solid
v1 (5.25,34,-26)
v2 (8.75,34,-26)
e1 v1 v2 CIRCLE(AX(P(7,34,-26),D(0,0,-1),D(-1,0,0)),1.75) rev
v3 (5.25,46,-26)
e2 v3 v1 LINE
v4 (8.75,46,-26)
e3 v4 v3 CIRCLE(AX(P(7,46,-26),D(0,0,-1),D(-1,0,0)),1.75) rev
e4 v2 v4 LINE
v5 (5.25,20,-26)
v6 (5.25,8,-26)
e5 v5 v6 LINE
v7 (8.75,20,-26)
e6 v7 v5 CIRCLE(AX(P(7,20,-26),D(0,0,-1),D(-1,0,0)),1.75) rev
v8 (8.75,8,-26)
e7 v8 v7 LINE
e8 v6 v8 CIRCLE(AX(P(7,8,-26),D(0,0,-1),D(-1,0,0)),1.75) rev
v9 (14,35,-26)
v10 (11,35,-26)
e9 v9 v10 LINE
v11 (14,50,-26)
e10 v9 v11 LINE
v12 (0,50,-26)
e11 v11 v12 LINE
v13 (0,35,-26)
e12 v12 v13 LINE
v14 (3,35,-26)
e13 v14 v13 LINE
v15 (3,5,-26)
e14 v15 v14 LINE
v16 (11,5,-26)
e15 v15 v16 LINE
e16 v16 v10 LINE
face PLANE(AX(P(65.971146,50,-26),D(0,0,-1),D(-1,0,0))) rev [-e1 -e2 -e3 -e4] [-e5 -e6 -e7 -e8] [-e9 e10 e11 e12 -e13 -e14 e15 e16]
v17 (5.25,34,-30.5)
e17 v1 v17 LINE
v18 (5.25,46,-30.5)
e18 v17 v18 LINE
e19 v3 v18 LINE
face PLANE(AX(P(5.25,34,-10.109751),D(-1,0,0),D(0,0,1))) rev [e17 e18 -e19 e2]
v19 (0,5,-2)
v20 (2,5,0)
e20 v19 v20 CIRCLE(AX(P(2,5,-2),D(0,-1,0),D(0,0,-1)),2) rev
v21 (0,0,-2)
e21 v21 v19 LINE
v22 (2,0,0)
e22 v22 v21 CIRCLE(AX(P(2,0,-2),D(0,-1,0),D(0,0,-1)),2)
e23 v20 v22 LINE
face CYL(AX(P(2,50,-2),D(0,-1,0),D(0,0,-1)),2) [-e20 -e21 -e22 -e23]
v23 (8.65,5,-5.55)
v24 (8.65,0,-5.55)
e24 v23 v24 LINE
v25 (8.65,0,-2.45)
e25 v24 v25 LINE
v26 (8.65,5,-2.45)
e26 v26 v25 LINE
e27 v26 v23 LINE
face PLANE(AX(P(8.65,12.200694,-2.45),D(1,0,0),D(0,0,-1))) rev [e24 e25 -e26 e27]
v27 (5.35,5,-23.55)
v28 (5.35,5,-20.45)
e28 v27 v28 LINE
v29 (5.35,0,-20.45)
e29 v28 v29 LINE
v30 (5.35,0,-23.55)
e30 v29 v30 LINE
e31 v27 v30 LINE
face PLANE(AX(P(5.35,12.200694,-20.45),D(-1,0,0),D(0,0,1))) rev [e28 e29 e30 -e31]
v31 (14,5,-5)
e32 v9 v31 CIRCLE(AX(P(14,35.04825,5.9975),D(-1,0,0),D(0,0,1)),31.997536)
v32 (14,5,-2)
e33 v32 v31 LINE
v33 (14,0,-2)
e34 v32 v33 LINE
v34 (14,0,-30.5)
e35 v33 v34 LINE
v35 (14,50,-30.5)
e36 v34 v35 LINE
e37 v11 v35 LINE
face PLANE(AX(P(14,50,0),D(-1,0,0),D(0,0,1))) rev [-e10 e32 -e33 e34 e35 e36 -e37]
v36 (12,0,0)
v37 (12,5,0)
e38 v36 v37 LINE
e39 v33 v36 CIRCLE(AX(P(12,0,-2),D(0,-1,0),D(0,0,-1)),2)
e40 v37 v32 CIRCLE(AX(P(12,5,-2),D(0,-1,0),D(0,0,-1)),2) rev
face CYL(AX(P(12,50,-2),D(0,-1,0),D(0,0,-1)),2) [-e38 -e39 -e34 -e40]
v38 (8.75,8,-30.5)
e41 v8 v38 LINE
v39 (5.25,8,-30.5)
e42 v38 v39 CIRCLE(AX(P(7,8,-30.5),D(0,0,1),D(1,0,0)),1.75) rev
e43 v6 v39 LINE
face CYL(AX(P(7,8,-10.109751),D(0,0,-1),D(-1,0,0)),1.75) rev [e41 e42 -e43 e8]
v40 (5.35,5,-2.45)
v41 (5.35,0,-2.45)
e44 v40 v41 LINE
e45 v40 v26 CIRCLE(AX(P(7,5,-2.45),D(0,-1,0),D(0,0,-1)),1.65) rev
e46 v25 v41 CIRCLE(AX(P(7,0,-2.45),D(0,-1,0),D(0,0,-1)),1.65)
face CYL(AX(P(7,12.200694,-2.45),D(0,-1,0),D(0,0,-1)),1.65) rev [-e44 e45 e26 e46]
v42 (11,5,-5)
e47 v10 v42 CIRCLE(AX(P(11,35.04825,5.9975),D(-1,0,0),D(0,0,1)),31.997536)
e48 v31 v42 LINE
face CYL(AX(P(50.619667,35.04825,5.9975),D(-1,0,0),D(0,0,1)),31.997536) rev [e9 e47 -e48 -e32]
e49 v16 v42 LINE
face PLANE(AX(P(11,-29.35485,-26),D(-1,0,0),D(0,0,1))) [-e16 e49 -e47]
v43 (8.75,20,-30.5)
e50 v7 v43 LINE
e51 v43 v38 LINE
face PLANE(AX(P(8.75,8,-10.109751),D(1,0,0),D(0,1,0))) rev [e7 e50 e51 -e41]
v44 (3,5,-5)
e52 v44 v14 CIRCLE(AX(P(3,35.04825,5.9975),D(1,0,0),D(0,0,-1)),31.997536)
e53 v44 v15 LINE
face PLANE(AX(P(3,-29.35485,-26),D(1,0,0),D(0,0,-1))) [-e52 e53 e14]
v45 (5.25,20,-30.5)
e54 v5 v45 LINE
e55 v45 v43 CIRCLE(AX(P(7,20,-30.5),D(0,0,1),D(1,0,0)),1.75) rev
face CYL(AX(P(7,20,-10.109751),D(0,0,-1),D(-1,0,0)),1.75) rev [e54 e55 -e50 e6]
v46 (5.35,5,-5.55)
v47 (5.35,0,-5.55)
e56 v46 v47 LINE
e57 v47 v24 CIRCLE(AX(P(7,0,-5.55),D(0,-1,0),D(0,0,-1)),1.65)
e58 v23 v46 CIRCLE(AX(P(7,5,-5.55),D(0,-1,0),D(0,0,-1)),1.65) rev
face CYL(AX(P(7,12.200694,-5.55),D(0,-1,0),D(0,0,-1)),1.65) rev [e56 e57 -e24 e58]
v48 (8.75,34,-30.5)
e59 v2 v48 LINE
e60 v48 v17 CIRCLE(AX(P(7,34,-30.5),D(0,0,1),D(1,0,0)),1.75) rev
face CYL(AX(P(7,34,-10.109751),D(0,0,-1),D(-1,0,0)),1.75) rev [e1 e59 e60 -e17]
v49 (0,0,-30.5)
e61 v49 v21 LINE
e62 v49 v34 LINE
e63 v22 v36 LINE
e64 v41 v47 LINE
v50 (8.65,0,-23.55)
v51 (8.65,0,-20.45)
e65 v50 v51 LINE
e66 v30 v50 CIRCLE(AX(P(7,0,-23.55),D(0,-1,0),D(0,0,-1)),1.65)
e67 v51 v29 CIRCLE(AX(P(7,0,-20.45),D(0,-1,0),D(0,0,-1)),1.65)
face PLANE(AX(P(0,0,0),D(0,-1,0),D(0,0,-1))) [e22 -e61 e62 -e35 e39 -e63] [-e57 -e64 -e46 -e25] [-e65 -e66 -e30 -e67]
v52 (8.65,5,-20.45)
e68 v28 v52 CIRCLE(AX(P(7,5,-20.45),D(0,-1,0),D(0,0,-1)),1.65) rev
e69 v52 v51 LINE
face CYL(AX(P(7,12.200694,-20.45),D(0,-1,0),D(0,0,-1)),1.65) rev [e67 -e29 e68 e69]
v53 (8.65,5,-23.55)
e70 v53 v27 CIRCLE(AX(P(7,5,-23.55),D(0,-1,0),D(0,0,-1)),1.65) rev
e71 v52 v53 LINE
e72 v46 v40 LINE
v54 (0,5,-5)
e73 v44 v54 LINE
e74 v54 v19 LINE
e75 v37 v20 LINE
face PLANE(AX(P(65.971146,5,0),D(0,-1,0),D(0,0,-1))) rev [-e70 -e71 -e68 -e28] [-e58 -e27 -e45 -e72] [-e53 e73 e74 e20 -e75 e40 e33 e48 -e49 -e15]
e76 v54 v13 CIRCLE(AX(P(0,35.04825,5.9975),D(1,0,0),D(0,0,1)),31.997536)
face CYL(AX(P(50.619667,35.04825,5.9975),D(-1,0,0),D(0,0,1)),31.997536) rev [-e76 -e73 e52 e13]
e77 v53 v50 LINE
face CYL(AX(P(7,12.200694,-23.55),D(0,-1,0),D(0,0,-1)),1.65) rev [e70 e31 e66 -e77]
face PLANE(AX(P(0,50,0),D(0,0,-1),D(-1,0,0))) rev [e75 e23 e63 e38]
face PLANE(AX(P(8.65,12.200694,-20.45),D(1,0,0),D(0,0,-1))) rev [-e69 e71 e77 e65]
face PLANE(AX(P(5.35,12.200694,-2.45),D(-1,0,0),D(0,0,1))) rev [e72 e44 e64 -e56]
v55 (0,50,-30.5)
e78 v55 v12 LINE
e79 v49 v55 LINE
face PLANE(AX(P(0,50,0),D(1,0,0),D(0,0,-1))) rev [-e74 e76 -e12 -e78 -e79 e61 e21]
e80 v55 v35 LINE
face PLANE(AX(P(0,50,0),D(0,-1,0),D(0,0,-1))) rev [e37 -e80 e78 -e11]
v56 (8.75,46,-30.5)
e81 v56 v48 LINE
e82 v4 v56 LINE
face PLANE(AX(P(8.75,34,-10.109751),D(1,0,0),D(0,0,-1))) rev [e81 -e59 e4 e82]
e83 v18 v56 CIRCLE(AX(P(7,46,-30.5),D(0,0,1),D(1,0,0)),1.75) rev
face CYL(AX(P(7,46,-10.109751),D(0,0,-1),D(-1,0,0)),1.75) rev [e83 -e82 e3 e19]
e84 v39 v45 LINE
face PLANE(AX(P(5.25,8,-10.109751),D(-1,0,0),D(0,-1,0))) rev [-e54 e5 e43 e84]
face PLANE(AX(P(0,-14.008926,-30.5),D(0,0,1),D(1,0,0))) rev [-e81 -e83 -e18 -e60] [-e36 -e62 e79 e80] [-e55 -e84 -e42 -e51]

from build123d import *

# Parameters (mm, degrees)
CROQUIS2_W              = 14
CROQUIS2_H              = 31
CROQUIS2_R              = 1.55
SALIENTE_EXTRUIR1_DEPTH = 50
CROQUIS3_W              = 26
CROQUIS3_H              = 45
CORTAR_EXTRUIR1_DEPTH   = 14
CORTAR_EXTRUIR2_DEPTH   = 5
SALIENTE_EXTRUIR3_DEPTH = 14
CROQUIS7_OUTSIDE_W      = 28.094
CROQUIS7_OUTSIDE_H      = 45.094
CORTAR_EXTRUIR5_DEPTH   = 45
REDONDEO1_R             = 2
CROQUIS8_W              = 14
CROQUIS8_H              = 0.5
CORTAR_EXTRUIR6_DEPTH   = 50
CORTAR_EXTRUIR7_DEPTH   = 5


with BuildPart() as part:
    # Croquis2 → Saliente-Extruir1 (new body)
    with BuildSketch(Plane(origin=(0, 0, 0), x_dir=(1, 0, 0), z_dir=(0, 1, 0))):
        with Locations((7, 15.5)):
            Rectangle(CROQUIS2_W, CROQUIS2_H)
        with Locations((7, 22)):
            Circle(CROQUIS2_R, mode=Mode.SUBTRACT)
        with Locations((7, 4)):
            Circle(CROQUIS2_R, mode=Mode.SUBTRACT)
    extrude(amount=SALIENTE_EXTRUIR1_DEPTH)

    # Croquis3 → Cortar-Extruir1 (cut)
    with BuildSketch(Plane.ZY):
        with Locations((-13, 27.5)):
            Rectangle(CROQUIS3_W, CROQUIS3_H)
    extrude(amount=-CORTAR_EXTRUIR1_DEPTH, mode=Mode.SUBTRACT)

    # Croquis4 → Cortar-Extruir2 (cut)
    with BuildSketch(Plane(origin=(0, 0, -31), x_dir=(-1, 0, 0), z_dir=(0, 0, -1))):
        with BuildLine():
            Line((-8.75, 8), (-8.75, 20))
            ThreePointArc((-8.75, 20), (-7, 21.75), (-5.25, 20))
            Line((-5.25, 20), (-5.25, 8))
            ThreePointArc((-5.25, 8), (-7, 6.25), (-8.75, 8))
        make_face()
        with BuildLine():
            Line((-8.75, 34), (-8.75, 46))
            ThreePointArc((-8.75, 46), (-7, 47.75), (-5.25, 46))
            Line((-5.25, 46), (-5.25, 34))
            ThreePointArc((-5.25, 34), (-7, 32.25), (-8.75, 34))
        make_face()
    extrude(amount=-CORTAR_EXTRUIR2_DEPTH, mode=Mode.SUBTRACT)

    # Croquis6 → Saliente-Extruir3 (add)
    with BuildSketch(Plane.ZY):
        with BuildLine():
            Line((-26, 5), (-26, 35))
            ThreePointArc((-26, 35), (-20.21590319, 16.698867767), (-5, 5))
            Line((-5, 5), (-26, 5))
        make_face()
    extrude(amount=-SALIENTE_EXTRUIR3_DEPTH)

    # Croquis7 outside → Cortar-Extruir5 (cut)
    with BuildSketch(Plane(origin=(0, 50, 0), x_dir=(1, 0, 0), z_dir=(0, 1, 0))):
        with Locations((7, 15.5)):
            Rectangle(CROQUIS7_OUTSIDE_W, CROQUIS7_OUTSIDE_H)
        Polygon((0, 26), (0, 0), (3, 0), (3, 26), (11, 26), (11, 0), (14, 0), (14, 26), (14, 31), (0, 31), align=None, mode=Mode.SUBTRACT)
    extrude(amount=-CORTAR_EXTRUIR5_DEPTH, mode=Mode.SUBTRACT)

    # Redondeo1
    redondeo1_edges = [part.edges().sort_by_distance(p)[0] for p in [
        (14, 2.5, 0),
        (0, 2.5, 0),
    ]]
    fillet(redondeo1_edges, radius=REDONDEO1_R)

    # Croquis8 → Cortar-Extruir6 (cut)
    with BuildSketch(Plane(origin=(0, 50, 0), x_dir=(1, 0, 0), z_dir=(0, 1, 0))):
        with Locations((7, 30.75)):
            Rectangle(CROQUIS8_W, CROQUIS8_H)
    extrude(amount=-CORTAR_EXTRUIR6_DEPTH, mode=Mode.SUBTRACT)

    # Croquis9 → Cortar-Extruir7 (cut)
    with BuildSketch(Plane.XZ):
        with BuildLine():
            Line((8.65, -20.45), (8.65, -23.55))
            ThreePointArc((8.65, -23.55), (7, -25.2), (5.35, -23.55))
            Line((5.35, -23.55), (5.35, -20.45))
            ThreePointArc((5.35, -20.45), (7, -18.8), (8.65, -20.45))
        make_face()
        with BuildLine():
            Line((8.65, -2.45), (8.65, -5.55))
            ThreePointArc((8.65, -5.55), (7, -7.2), (5.35, -5.55))
            Line((5.35, -5.55), (5.35, -2.45))
            ThreePointArc((5.35, -2.45), (7, -0.8), (8.65, -2.45))
        make_face()
    extrude(amount=-CORTAR_EXTRUIR7_DEPTH, mode=Mode.SUBTRACT)


solid = part.part
